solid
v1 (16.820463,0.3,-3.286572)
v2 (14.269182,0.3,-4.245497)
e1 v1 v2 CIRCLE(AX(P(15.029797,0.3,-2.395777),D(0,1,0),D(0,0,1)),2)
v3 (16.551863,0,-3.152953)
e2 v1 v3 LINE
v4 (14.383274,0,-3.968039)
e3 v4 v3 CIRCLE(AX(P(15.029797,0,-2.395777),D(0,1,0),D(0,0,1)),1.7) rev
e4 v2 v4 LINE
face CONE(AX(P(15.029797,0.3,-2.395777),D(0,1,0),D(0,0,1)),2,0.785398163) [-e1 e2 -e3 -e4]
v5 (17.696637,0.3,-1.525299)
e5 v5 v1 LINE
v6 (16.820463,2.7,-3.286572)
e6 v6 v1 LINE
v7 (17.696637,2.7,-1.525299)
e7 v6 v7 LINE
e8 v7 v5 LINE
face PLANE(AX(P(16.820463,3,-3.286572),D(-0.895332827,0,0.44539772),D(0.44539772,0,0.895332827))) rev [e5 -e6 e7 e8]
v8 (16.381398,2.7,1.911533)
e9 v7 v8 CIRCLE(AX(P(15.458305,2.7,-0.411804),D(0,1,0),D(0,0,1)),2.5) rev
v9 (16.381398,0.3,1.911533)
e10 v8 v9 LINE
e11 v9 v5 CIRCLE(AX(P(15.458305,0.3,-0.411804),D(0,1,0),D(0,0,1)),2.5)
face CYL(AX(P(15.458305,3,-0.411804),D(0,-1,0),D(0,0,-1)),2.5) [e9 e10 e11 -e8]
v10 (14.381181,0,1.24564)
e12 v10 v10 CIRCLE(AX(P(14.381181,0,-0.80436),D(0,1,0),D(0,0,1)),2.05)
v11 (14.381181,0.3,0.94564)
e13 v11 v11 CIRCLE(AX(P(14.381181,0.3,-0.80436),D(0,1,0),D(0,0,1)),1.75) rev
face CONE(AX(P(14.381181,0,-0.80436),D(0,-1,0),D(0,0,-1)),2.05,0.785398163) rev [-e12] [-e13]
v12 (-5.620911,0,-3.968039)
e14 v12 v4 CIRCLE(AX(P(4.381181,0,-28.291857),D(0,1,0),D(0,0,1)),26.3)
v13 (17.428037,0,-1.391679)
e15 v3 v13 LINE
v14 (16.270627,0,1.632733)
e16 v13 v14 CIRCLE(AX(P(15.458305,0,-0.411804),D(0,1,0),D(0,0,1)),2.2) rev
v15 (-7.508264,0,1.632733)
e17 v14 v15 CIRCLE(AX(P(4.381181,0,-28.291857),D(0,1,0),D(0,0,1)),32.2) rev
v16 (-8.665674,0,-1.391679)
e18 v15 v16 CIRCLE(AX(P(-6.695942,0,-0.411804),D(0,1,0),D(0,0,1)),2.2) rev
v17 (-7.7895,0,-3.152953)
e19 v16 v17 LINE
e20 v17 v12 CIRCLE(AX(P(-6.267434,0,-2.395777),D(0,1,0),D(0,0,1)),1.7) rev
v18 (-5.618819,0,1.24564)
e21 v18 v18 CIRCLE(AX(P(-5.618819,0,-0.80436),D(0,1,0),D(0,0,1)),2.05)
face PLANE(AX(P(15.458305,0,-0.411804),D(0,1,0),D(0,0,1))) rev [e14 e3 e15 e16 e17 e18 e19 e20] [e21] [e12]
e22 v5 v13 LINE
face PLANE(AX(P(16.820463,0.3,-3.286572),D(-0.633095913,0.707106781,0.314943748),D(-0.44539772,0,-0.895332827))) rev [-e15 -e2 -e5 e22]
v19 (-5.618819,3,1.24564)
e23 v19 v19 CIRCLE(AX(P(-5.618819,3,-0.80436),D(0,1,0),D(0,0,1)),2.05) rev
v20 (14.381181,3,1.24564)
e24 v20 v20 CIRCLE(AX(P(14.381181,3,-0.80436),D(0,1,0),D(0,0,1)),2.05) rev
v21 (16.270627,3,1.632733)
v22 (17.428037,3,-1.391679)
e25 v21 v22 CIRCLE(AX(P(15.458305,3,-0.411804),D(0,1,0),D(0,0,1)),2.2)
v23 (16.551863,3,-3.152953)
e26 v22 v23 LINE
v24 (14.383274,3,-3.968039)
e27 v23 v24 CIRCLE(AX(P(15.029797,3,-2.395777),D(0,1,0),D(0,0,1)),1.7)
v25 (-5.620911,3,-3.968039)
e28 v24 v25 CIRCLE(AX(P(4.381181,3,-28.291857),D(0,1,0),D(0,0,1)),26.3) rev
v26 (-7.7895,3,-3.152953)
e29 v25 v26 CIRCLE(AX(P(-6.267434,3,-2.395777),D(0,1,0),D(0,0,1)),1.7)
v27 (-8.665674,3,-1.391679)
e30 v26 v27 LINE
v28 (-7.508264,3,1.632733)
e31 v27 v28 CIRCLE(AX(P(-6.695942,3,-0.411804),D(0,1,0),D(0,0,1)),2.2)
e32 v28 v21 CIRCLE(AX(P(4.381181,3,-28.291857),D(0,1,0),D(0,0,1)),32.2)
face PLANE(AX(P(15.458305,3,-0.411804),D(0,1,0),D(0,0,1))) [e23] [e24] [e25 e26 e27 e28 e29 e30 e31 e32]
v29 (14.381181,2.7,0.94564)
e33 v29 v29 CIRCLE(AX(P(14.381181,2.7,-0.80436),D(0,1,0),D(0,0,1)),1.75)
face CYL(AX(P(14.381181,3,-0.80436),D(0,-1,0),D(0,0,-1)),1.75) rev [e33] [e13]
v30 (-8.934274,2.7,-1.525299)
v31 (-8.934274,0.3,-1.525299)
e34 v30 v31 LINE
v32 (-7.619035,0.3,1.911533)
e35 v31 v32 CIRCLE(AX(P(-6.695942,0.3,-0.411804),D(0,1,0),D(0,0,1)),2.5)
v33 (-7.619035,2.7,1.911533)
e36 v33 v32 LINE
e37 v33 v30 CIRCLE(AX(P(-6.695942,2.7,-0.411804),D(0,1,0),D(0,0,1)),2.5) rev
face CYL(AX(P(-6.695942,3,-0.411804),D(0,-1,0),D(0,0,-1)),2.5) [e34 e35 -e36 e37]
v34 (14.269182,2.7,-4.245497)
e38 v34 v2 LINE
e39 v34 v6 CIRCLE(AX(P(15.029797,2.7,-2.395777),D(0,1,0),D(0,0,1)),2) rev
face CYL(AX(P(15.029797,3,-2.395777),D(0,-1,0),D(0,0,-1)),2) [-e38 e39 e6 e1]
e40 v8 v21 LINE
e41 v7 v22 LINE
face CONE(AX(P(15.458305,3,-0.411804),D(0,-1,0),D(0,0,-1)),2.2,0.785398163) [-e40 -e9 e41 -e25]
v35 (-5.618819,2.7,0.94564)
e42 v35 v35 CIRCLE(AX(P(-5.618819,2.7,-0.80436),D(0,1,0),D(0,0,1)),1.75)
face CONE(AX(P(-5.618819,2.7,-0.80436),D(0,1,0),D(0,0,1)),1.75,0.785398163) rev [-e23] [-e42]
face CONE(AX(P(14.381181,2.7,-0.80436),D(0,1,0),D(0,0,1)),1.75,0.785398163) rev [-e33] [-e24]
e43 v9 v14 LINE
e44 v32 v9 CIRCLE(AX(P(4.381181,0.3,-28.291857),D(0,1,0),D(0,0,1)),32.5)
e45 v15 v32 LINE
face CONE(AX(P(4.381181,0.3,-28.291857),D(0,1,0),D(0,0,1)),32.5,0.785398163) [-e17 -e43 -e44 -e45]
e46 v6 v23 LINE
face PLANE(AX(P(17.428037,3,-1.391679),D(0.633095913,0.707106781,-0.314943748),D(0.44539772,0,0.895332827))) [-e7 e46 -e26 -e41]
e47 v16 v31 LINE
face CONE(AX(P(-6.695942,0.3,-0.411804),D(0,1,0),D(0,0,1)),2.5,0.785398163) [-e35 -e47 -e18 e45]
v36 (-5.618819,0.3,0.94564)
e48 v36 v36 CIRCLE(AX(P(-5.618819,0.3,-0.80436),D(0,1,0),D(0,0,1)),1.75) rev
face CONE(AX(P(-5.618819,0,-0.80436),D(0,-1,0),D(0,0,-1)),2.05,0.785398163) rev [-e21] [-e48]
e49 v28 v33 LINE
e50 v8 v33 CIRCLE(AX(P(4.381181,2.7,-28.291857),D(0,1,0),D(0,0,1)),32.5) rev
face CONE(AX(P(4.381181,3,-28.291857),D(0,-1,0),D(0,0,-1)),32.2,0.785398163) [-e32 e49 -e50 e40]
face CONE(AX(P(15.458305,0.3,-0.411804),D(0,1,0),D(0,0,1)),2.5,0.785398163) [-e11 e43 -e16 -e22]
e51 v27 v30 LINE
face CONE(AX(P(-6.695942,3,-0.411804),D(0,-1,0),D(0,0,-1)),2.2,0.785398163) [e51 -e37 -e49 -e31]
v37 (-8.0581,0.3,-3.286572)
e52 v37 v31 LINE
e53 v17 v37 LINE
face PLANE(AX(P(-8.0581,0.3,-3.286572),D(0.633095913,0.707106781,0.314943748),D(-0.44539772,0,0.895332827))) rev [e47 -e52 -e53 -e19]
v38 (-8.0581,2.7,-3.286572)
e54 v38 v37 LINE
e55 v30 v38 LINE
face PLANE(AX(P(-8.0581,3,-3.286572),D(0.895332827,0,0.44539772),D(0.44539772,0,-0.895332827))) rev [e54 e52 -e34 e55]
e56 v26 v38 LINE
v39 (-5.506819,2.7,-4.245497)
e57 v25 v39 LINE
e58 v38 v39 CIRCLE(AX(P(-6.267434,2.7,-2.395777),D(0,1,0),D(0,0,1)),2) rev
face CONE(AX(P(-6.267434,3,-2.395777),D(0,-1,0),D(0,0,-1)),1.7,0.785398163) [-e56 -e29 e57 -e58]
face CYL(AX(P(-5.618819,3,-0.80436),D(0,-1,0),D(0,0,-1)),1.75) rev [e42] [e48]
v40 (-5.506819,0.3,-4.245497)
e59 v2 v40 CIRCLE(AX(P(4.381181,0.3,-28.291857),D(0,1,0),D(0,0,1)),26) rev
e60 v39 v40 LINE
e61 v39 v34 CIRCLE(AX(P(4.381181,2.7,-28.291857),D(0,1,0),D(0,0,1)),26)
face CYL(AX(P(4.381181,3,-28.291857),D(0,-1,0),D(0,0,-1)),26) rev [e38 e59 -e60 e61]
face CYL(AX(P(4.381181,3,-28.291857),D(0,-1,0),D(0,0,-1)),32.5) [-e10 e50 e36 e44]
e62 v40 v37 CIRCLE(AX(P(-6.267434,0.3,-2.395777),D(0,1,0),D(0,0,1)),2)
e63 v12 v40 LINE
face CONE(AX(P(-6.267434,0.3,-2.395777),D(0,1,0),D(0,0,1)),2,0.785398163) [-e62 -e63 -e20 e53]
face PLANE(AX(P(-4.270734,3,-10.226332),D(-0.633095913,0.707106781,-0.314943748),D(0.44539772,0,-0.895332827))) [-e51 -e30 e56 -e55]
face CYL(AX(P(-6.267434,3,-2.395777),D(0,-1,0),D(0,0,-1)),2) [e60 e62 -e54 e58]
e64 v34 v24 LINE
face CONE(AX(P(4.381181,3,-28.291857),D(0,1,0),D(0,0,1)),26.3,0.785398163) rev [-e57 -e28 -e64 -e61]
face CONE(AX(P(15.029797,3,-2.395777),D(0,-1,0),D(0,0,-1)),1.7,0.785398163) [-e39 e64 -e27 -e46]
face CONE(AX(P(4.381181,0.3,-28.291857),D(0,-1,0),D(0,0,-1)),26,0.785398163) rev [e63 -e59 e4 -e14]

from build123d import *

# Parameters (mm, degrees)
SKETCH_1_R      = 1.75
EXTRUDE_1_DEPTH = 3
CHAMFER_1_SIZE  = 0.3


with BuildPart() as part:
    # 草图1 → 凸台-拉伸1 (new body)
    with BuildSketch(Plane(origin=(0, 0, 0), x_dir=(1, 0, 0), z_dir=(0, 1, 0))):
        with BuildLine():
            Line((-8.058099854, 3.286572102), (-8.934273675, 1.52529864))
            ThreePointArc((-8.934273675, 1.52529864), (-9.030809196, -0.481724252), (-7.6190352, -1.911533393))
            ThreePointArc((-7.6190352, -1.911533393), (4.381181498, -4.208142868), (16.381398197, -1.911533393))
            ThreePointArc((16.381398197, -1.911533393), (17.793172193, -0.481724252), (17.696636672, 1.52529864))
            Line((17.696636672, 1.52529864), (16.820462851, 3.286572102))
            ThreePointArc((16.820462851, 3.286572102), (15.733455475, 4.267905138), (14.26918179, 4.245496696))
            ThreePointArc((14.26918179, 4.245496696), (4.381181498, 2.291857132), (-5.506818793, 4.245496696))
            ThreePointArc((-5.506818793, 4.245496696), (-6.971092478, 4.267905138), (-8.058099854, 3.286572102))
        make_face()
        with Locations(Location((-5.618818502, 0.804359974, 0), (0, 0, 270))):
            Circle(SKETCH_1_R, mode=Mode.SUBTRACT)
        with Locations(Location((14.381181498, 0.804359974, 0), (0, 0, 270))):
            Circle(SKETCH_1_R, mode=Mode.SUBTRACT)
    extrude(amount=EXTRUDE_1_DEPTH)

    # 倒角1
    chamfer_1_edges = [part.edges().sort_by_distance(p)[0] for p in [
        (4.381181498, 0, -2.291857132),
        (15.733455475, 0, -4.267905138),
        (17.258549762, 0, -2.405935371),
        (17.793172193, 0, 0.481724252),
        (15.733455475, 3, -4.267905138),
        (4.381181498, 3, -2.291857132),
        (-6.971092478, 3, -4.267905138),
        (-5.618818502, 0, -2.554359974),
        (-5.618818502, 3, -2.554359974),
        (-8.496186765, 3, -2.405935371),
        (14.381181498, 0, -2.554359974),
        (14.381181498, 3, -2.554359974),
        (-9.030809196, 3, 0.481724252),
        (4.381181498, 3, 4.208142868),
        (17.793172193, 3, 0.481724252),
        (4.381181498, 0, 4.208142868),
        (17.258549762, 3, -2.405935371),
        (-9.030809196, 0, 0.481724252),
        (-8.496186765, 0, -2.405935371),
        (-6.971092478, 0, -4.267905138),
    ]]
    chamfer(chamfer_1_edges, length=CHAMFER_1_SIZE)


solid = part.part
